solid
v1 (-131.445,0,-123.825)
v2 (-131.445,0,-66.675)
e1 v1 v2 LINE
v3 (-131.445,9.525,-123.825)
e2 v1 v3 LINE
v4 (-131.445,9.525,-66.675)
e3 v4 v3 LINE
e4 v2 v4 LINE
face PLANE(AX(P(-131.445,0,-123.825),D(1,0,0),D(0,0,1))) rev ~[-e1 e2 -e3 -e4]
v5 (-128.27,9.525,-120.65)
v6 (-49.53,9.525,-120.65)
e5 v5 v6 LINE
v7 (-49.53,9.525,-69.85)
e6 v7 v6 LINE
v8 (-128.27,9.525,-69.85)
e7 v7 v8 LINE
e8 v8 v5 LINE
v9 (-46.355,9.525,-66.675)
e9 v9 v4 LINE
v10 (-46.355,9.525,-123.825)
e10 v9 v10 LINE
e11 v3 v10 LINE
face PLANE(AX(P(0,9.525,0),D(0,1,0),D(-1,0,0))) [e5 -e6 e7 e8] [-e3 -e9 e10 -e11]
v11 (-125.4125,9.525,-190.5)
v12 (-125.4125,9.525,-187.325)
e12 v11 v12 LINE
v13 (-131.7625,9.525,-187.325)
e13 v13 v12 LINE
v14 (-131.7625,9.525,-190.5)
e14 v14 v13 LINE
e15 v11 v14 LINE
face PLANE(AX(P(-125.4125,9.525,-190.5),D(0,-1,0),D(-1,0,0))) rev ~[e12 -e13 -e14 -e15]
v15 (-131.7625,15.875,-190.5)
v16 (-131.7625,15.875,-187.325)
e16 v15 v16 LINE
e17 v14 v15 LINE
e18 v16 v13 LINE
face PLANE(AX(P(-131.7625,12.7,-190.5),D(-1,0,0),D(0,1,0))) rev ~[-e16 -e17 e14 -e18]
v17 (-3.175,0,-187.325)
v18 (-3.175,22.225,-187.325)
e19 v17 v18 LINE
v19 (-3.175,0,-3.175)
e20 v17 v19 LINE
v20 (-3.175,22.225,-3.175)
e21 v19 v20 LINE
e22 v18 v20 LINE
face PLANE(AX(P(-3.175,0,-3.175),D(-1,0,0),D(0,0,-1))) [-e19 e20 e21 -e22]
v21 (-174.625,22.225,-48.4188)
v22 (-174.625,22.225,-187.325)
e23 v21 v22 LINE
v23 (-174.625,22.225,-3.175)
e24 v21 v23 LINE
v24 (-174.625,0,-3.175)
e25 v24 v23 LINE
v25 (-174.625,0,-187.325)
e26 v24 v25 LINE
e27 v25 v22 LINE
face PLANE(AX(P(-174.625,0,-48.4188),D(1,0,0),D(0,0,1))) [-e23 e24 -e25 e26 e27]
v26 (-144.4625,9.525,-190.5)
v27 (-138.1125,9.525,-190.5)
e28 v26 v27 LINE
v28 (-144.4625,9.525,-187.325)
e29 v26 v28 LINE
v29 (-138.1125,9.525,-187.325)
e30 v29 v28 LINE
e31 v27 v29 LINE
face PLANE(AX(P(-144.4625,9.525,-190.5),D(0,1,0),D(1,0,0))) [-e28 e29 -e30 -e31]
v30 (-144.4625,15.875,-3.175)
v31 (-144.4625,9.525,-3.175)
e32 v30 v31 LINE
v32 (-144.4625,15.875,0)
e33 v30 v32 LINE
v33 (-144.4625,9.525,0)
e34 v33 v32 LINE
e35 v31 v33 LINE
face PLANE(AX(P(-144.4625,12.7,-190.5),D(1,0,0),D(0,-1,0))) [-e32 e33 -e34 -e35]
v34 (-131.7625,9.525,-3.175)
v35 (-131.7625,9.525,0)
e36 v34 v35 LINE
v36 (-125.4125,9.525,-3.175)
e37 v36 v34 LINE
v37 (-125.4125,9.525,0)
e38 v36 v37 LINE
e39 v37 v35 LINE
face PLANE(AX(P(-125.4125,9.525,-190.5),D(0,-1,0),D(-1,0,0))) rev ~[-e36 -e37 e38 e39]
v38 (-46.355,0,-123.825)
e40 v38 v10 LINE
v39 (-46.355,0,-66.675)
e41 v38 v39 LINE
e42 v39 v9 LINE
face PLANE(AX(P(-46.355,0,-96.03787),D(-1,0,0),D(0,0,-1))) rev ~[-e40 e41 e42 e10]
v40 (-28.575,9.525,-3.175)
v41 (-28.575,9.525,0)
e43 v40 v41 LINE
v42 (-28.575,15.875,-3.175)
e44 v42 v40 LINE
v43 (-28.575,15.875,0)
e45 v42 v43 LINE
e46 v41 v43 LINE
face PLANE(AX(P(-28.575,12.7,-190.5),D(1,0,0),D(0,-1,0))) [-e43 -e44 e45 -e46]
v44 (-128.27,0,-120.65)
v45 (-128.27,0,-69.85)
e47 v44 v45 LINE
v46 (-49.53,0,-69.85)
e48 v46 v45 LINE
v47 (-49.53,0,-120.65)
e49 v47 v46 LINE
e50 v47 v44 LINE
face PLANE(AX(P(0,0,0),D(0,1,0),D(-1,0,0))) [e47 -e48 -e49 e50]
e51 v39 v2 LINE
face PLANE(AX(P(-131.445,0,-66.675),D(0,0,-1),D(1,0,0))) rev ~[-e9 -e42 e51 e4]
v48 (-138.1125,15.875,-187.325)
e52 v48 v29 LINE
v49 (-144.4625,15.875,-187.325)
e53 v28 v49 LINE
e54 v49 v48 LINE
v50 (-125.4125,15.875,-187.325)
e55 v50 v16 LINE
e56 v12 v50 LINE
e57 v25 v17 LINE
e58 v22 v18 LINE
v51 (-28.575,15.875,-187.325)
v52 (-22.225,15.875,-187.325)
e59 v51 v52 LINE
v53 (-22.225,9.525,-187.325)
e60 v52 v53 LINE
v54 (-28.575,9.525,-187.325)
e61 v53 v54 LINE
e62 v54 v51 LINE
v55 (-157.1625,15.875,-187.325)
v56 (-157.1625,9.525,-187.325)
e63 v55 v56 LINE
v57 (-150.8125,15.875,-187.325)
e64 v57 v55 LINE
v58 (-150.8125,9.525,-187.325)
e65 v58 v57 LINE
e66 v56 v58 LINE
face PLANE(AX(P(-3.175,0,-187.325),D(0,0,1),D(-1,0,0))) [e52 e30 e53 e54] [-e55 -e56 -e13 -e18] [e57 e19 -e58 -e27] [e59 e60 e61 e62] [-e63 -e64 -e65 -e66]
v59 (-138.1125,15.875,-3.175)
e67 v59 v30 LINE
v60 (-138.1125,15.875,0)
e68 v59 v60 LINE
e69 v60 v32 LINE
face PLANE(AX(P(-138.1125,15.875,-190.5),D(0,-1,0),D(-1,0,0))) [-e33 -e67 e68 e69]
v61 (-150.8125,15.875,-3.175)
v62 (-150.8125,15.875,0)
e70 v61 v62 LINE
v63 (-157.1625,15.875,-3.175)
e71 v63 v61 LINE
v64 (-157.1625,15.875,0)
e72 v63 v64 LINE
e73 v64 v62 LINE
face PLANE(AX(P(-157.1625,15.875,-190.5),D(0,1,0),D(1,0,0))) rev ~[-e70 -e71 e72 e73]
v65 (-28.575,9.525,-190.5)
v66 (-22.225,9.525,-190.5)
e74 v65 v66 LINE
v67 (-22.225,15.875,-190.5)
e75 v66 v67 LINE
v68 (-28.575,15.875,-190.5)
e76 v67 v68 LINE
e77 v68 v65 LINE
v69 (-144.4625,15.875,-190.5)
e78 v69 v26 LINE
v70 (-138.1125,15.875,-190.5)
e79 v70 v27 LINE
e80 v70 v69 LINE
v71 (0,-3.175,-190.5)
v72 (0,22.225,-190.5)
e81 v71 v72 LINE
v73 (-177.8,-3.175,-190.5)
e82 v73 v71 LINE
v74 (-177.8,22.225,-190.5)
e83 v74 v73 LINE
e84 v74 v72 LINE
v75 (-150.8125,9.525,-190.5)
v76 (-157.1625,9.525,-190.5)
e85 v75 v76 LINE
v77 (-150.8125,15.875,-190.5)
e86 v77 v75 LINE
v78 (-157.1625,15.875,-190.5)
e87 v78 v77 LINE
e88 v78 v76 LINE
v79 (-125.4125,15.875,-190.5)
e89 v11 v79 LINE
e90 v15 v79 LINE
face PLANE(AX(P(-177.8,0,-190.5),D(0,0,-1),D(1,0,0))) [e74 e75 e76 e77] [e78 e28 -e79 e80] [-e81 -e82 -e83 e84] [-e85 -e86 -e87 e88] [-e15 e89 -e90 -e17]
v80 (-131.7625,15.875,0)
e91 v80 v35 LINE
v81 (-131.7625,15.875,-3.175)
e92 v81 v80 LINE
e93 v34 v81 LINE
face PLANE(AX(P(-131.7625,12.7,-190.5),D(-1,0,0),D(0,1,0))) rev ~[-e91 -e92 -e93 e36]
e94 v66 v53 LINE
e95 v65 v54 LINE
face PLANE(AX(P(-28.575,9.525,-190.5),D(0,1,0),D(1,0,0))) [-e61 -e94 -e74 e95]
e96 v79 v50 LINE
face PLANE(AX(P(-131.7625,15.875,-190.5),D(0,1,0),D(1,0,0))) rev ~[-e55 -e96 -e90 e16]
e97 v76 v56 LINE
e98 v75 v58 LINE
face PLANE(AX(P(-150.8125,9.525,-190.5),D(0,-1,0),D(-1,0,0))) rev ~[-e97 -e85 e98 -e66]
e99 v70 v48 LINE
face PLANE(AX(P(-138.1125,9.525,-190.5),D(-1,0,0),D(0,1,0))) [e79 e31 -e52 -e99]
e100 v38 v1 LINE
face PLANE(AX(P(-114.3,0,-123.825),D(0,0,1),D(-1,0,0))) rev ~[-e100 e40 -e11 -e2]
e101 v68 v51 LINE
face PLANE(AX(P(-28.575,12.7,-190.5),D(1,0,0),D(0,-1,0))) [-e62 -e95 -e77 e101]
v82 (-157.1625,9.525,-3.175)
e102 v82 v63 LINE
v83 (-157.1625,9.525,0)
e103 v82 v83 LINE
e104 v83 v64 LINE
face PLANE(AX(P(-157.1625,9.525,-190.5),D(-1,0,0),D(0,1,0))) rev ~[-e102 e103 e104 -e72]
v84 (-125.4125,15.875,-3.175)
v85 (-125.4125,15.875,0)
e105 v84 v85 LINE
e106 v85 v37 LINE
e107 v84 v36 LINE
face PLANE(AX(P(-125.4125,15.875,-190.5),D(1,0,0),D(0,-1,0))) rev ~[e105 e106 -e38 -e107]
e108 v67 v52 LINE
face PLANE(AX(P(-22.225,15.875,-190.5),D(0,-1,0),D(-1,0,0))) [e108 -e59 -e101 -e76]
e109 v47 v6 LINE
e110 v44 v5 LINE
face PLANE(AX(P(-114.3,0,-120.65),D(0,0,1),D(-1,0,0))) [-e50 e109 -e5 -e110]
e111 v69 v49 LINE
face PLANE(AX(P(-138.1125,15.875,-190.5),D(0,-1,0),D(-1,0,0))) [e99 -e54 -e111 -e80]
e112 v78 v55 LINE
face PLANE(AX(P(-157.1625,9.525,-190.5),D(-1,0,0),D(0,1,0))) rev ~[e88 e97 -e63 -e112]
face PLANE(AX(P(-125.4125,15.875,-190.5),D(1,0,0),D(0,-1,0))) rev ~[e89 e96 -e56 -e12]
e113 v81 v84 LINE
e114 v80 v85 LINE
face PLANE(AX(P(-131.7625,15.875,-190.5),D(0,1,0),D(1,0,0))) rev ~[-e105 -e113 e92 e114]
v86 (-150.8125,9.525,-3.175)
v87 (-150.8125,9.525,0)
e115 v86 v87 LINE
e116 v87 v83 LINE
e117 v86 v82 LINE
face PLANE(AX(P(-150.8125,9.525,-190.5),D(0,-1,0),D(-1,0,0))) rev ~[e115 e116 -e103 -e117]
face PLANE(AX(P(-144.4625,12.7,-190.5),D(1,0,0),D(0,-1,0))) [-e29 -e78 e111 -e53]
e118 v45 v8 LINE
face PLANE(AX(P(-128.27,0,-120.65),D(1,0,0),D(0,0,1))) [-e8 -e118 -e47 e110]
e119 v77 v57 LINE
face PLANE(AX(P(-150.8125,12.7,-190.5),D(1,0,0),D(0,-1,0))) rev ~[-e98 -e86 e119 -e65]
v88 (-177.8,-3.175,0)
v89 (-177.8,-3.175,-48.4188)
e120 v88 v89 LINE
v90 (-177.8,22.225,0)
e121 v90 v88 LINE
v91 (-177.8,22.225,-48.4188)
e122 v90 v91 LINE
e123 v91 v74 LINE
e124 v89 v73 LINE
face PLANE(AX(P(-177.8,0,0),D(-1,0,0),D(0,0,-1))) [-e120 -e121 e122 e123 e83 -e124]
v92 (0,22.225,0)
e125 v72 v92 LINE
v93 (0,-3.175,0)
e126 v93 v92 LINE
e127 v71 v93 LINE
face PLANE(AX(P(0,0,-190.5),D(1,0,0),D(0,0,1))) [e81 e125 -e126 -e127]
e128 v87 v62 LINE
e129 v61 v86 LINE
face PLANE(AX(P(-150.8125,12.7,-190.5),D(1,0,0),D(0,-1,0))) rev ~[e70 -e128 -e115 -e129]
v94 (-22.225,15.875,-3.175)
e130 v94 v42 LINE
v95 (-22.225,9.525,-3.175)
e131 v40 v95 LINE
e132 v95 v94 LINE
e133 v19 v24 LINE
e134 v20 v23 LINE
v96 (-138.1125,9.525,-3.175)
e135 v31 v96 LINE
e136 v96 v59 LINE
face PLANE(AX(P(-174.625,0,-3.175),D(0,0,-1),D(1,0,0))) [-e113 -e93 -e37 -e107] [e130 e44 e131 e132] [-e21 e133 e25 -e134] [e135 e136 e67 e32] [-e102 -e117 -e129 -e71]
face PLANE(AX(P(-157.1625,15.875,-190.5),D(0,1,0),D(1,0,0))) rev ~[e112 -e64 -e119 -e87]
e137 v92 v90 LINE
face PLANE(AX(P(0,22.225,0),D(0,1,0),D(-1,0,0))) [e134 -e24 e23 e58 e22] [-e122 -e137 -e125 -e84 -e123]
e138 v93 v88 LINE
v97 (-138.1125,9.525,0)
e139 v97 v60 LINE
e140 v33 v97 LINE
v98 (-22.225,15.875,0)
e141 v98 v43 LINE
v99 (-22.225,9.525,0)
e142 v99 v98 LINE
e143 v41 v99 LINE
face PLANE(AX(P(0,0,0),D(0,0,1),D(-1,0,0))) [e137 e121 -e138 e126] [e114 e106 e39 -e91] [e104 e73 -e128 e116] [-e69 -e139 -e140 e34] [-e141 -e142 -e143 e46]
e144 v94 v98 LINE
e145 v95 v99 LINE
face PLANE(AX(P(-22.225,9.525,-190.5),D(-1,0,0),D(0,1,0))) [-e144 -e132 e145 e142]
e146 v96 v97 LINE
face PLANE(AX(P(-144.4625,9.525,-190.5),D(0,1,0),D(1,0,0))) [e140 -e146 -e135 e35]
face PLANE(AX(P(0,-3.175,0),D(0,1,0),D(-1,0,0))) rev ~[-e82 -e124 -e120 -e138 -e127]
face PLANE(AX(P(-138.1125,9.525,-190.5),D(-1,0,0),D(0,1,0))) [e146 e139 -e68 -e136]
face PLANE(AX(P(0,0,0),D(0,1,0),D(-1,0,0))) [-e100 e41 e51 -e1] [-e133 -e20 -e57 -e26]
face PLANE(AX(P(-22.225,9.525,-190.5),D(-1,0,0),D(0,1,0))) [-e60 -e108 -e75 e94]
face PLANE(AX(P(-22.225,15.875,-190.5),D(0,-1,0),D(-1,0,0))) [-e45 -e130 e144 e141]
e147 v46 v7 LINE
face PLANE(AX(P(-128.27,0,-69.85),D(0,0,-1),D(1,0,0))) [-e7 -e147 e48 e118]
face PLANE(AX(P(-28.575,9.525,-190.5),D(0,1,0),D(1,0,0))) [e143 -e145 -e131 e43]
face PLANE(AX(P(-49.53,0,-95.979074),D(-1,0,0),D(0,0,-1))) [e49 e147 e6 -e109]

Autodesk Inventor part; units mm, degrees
ref_plane "YZ Plane" through (0, 0, 0) normal (1, 0, 0) x (0, 1, 0)
ref_plane "XZ Plane" through (0, 0, 0) normal (0, 1, 0) x (-1, 0, 0)
ref_plane "XY Plane" through (0, 0, 0) normal (0, 0, 1) x (1, 0, 0)
sketch "Sketch1" plane through (0, 0, 0) normal (0, 1, 0) x (-1, 0, 0)
  line L0 (0, 0) -> (177.8, 0)
  line L1 (177.8, 0) -> (177.8, -190.5)
  line L2 (177.8, -190.5) -> (0, -190.5)
  line L3 (0, -190.5) -> (0, 0)
  line L4 (114.3, -3.175) -> (114.3, -187.325)
  line L5 (174.625, -93.6625) -> (3.175, -96.8375)
  line L6 (128.27, -69.85) -> (49.53, -69.85)
  line L7 (49.53, -69.85) -> (49.53, -120.65)
  line L8 (49.53, -120.65) -> (128.27, -120.65)
  line L9 (128.27, -120.65) -> (128.27, -69.85)
  line L10 (128.27, -69.85) -> (49.53, -120.65) construction
  line L11 (49.53, -69.85) -> (128.27, -120.65) construction
  line L12 (131.445, -66.675) -> (46.355, -66.675)
  line L13 (46.355, -66.675) -> (46.355, -123.825)
  line L14 (46.355, -123.825) -> (131.445, -123.825)
  line L15 (131.445, -123.825) -> (131.445, -66.675)
  line L16 (131.445, -66.675) -> (46.355, -123.825) construction
  line L17 (46.355, -66.675) -> (131.445, -123.825) construction
  line L18 (3.175, -187.325) -> (174.625, -187.325)
  line L19 (174.625, -187.325) -> (174.625, -3.175)
  line L20 (174.625, -3.175) -> (3.175, -3.175)
  line L21 (3.175, -3.175) -> (3.175, -187.325)
  line L22 (3.175, -187.325) -> (174.625, -3.175) construction
  line L23 (174.625, -187.325) -> (3.175, -3.175) construction
  line L24 (174.625, -93.6625) -> (174.625, -187.325)
  line L25 (174.625, -140.4938) -> (158.75, -140.4938)
  line L26 (174.625, -93.6625) -> (174.625, -3.175)
  line L27 (174.625, -48.4188) -> (209.55, -48.4188)
  line L28 (209.55, -48.4188) -> (171.45, -48.4188)
  line L29 (171.45, -48.4188) -> (171.45, -140.4938)
  line L30 (171.45, -140.4938) -> (158.75, -140.4938)
  point P0 (88.9, -95.25)
  point P1 (88.9, -95.25)
  dimension "d0" = 177.8
  dimension "d1" = 190.5
  dimension "d2" = 78.74
  dimension "d3" = 50.8
  dimension "d4" = 85.09
  dimension "d5" = 57.15
  dimension "d6" = 171.45
  dimension "d7" = 184.15
  dimension "d18" = 15.875
  dimension "d22" = 38.1
  dimension "d23" = 92.075
  dimension "d48" = 3.175
extrude "Extrusion1" add sketch "Sketch1" against normal blind 3.175 contours L19 L5 L29 L28 | L28 L29 L5 L15 L12 L4 L20 L19 | L0 L1 L2 L3 | L19 L25 L29 L5 | L29 L25 L19 L18 L4 L14 L15 L5 | L4 L12 L13 L5 L21 L20 | L15 L14 L4 L8 L9 L5 | L5 L9 L6 L4 L12 L15 | L4 L6 L7 L5 L13 L12 | L9 L8 L4 L5 | L5 L4 L6 L9 | L18 L21 L5 L13 L14 L4 | L4 L5 L7 L6 | L4 L8 L7 L5 | L14 L13 L5 L7 L8 L4
extrude "Extrusion2" add sketch "Sketch1" along normal blind 9.525 contours L15 L14 L4 L8 L9 L5 | L5 L9 L6 L4 L12 L15 | L4 L6 L7 L5 L13 L12 | L9 L8 L4 L5 | L5 L4 L6 L9 | L4 L5 L7 L6 | L4 L8 L7 L5 | L14 L13 L5 L7 L8 L4
extrude "Extrusion3" cut sketch "Sketch1" along normal blind 9.525 contours L9 L8 L4 L5 | L5 L4 L6 L9 | L4 L5 L7 L6 | L4 L8 L7 L5
extrude "Extrusion4" cut sketch "Sketch1" along normal blind 9.525 contours L9 L8 L4 L5 | L5 L4 L6 L9 | L4 L5 L7 L6 | L4 L8 L7 L5
extrude "Extrusion5" add sketch "Sketch1" along normal blind 22.225
sketch "Sketch2" plane through (0, -3.175, -190.5) normal (0, 0, -1) x (-1, 0, 0)
  line L0 (177.8, 25.4) -> (177.8, 0) projected
  line L1 (177.8, 25.4) -> (123.825, 25.4)
  line L2 (123.825, 25.4) -> (123.825, 0)
  line L3 (0, 0) -> (177.8, 0) projected
  line L4 (177.8, 0) -> (177.8, 15.875)
  line L5 (177.8, 15.875) -> (123.825, 15.875)
  line L6 (177.8, 15.875) -> (153.9875, 15.875)
  line L7 (153.9875, 15.875) -> (141.2875, 15.875)
  line L8 (150.8125, 12.7) -> (157.1625, 12.7)
  line L9 (157.1625, 12.7) -> (157.1625, 19.05)
  line L10 (157.1625, 19.05) -> (150.8125, 19.05)
  line L11 (150.8125, 19.05) -> (150.8125, 12.7)
  line L12 (150.8125, 12.7) -> (157.1625, 19.05) construction
  line L13 (157.1625, 12.7) -> (150.8125, 19.05) construction
  line L14 (144.4625, 12.7) -> (138.1125, 12.7)
  line L15 (138.1125, 12.7) -> (138.1125, 19.05)
  line L16 (138.1125, 19.05) -> (144.4625, 19.05)
  line L17 (144.4625, 19.05) -> (144.4625, 12.7)
  line L18 (144.4625, 12.7) -> (138.1125, 19.05) construction
  line L19 (138.1125, 12.7) -> (144.4625, 19.05) construction
  line L20 (141.2875, 15.875) -> (127, 15.875)
  line L21 (127, 15.875) -> (25.4, 15.875)
  line L22 (141.2875, 15.875) -> (128.5875, 15.875)
  line L23 (125.4125, 12.7) -> (131.7625, 12.7)
  line L24 (131.7625, 12.7) -> (131.7625, 19.05)
  line L25 (131.7625, 19.05) -> (125.4125, 19.05)
  line L26 (125.4125, 19.05) -> (125.4125, 12.7)
  line L27 (125.4125, 12.7) -> (131.7625, 19.05) construction
  line L28 (131.7625, 12.7) -> (125.4125, 19.05) construction
  line L29 (22.225, 19.05) -> (28.575, 19.05)
  line L30 (28.575, 19.05) -> (28.575, 12.7)
  line L31 (28.575, 12.7) -> (22.225, 12.7)
  line L32 (22.225, 12.7) -> (22.225, 19.05)
  line L33 (22.225, 19.05) -> (28.575, 12.7) construction
  line L34 (28.575, 19.05) -> (22.225, 12.7) construction
  line L35 (0, 0) -> (0, 25.4) projected
  point P0 (0, 3.175)
  dimension "d25" = 15.875
  dimension "d27" = 12.7
  dimension "d28" = 6.35
  dimension "d29" = 6.35
  dimension "d30" = 6.35
  dimension "d31" = 6.35
  dimension "d32" = 14.2875
  dimension "d36" = 101.6
  dimension "d38" = 12.7
  dimension "d39" = 6.35
  dimension "d40" = 6.35
  dimension "d41" = 6.35
  dimension "d42" = 6.35
  dimension "d44" = 25.4
  dimension "d45" = 53.975
extrude "Extrusion6" cut sketch "Sketch2" against normal blind 190.5 contours L30 L31 L32 L29 | L9 L8 L11 L5 | L5 L11 L10 L9 | L26 L25 L24 L5 | L5 L24 L23 L26 | L17 L14 L15 L5 | L5 L15 L16 L17
properties part number "RCcar_full build"
